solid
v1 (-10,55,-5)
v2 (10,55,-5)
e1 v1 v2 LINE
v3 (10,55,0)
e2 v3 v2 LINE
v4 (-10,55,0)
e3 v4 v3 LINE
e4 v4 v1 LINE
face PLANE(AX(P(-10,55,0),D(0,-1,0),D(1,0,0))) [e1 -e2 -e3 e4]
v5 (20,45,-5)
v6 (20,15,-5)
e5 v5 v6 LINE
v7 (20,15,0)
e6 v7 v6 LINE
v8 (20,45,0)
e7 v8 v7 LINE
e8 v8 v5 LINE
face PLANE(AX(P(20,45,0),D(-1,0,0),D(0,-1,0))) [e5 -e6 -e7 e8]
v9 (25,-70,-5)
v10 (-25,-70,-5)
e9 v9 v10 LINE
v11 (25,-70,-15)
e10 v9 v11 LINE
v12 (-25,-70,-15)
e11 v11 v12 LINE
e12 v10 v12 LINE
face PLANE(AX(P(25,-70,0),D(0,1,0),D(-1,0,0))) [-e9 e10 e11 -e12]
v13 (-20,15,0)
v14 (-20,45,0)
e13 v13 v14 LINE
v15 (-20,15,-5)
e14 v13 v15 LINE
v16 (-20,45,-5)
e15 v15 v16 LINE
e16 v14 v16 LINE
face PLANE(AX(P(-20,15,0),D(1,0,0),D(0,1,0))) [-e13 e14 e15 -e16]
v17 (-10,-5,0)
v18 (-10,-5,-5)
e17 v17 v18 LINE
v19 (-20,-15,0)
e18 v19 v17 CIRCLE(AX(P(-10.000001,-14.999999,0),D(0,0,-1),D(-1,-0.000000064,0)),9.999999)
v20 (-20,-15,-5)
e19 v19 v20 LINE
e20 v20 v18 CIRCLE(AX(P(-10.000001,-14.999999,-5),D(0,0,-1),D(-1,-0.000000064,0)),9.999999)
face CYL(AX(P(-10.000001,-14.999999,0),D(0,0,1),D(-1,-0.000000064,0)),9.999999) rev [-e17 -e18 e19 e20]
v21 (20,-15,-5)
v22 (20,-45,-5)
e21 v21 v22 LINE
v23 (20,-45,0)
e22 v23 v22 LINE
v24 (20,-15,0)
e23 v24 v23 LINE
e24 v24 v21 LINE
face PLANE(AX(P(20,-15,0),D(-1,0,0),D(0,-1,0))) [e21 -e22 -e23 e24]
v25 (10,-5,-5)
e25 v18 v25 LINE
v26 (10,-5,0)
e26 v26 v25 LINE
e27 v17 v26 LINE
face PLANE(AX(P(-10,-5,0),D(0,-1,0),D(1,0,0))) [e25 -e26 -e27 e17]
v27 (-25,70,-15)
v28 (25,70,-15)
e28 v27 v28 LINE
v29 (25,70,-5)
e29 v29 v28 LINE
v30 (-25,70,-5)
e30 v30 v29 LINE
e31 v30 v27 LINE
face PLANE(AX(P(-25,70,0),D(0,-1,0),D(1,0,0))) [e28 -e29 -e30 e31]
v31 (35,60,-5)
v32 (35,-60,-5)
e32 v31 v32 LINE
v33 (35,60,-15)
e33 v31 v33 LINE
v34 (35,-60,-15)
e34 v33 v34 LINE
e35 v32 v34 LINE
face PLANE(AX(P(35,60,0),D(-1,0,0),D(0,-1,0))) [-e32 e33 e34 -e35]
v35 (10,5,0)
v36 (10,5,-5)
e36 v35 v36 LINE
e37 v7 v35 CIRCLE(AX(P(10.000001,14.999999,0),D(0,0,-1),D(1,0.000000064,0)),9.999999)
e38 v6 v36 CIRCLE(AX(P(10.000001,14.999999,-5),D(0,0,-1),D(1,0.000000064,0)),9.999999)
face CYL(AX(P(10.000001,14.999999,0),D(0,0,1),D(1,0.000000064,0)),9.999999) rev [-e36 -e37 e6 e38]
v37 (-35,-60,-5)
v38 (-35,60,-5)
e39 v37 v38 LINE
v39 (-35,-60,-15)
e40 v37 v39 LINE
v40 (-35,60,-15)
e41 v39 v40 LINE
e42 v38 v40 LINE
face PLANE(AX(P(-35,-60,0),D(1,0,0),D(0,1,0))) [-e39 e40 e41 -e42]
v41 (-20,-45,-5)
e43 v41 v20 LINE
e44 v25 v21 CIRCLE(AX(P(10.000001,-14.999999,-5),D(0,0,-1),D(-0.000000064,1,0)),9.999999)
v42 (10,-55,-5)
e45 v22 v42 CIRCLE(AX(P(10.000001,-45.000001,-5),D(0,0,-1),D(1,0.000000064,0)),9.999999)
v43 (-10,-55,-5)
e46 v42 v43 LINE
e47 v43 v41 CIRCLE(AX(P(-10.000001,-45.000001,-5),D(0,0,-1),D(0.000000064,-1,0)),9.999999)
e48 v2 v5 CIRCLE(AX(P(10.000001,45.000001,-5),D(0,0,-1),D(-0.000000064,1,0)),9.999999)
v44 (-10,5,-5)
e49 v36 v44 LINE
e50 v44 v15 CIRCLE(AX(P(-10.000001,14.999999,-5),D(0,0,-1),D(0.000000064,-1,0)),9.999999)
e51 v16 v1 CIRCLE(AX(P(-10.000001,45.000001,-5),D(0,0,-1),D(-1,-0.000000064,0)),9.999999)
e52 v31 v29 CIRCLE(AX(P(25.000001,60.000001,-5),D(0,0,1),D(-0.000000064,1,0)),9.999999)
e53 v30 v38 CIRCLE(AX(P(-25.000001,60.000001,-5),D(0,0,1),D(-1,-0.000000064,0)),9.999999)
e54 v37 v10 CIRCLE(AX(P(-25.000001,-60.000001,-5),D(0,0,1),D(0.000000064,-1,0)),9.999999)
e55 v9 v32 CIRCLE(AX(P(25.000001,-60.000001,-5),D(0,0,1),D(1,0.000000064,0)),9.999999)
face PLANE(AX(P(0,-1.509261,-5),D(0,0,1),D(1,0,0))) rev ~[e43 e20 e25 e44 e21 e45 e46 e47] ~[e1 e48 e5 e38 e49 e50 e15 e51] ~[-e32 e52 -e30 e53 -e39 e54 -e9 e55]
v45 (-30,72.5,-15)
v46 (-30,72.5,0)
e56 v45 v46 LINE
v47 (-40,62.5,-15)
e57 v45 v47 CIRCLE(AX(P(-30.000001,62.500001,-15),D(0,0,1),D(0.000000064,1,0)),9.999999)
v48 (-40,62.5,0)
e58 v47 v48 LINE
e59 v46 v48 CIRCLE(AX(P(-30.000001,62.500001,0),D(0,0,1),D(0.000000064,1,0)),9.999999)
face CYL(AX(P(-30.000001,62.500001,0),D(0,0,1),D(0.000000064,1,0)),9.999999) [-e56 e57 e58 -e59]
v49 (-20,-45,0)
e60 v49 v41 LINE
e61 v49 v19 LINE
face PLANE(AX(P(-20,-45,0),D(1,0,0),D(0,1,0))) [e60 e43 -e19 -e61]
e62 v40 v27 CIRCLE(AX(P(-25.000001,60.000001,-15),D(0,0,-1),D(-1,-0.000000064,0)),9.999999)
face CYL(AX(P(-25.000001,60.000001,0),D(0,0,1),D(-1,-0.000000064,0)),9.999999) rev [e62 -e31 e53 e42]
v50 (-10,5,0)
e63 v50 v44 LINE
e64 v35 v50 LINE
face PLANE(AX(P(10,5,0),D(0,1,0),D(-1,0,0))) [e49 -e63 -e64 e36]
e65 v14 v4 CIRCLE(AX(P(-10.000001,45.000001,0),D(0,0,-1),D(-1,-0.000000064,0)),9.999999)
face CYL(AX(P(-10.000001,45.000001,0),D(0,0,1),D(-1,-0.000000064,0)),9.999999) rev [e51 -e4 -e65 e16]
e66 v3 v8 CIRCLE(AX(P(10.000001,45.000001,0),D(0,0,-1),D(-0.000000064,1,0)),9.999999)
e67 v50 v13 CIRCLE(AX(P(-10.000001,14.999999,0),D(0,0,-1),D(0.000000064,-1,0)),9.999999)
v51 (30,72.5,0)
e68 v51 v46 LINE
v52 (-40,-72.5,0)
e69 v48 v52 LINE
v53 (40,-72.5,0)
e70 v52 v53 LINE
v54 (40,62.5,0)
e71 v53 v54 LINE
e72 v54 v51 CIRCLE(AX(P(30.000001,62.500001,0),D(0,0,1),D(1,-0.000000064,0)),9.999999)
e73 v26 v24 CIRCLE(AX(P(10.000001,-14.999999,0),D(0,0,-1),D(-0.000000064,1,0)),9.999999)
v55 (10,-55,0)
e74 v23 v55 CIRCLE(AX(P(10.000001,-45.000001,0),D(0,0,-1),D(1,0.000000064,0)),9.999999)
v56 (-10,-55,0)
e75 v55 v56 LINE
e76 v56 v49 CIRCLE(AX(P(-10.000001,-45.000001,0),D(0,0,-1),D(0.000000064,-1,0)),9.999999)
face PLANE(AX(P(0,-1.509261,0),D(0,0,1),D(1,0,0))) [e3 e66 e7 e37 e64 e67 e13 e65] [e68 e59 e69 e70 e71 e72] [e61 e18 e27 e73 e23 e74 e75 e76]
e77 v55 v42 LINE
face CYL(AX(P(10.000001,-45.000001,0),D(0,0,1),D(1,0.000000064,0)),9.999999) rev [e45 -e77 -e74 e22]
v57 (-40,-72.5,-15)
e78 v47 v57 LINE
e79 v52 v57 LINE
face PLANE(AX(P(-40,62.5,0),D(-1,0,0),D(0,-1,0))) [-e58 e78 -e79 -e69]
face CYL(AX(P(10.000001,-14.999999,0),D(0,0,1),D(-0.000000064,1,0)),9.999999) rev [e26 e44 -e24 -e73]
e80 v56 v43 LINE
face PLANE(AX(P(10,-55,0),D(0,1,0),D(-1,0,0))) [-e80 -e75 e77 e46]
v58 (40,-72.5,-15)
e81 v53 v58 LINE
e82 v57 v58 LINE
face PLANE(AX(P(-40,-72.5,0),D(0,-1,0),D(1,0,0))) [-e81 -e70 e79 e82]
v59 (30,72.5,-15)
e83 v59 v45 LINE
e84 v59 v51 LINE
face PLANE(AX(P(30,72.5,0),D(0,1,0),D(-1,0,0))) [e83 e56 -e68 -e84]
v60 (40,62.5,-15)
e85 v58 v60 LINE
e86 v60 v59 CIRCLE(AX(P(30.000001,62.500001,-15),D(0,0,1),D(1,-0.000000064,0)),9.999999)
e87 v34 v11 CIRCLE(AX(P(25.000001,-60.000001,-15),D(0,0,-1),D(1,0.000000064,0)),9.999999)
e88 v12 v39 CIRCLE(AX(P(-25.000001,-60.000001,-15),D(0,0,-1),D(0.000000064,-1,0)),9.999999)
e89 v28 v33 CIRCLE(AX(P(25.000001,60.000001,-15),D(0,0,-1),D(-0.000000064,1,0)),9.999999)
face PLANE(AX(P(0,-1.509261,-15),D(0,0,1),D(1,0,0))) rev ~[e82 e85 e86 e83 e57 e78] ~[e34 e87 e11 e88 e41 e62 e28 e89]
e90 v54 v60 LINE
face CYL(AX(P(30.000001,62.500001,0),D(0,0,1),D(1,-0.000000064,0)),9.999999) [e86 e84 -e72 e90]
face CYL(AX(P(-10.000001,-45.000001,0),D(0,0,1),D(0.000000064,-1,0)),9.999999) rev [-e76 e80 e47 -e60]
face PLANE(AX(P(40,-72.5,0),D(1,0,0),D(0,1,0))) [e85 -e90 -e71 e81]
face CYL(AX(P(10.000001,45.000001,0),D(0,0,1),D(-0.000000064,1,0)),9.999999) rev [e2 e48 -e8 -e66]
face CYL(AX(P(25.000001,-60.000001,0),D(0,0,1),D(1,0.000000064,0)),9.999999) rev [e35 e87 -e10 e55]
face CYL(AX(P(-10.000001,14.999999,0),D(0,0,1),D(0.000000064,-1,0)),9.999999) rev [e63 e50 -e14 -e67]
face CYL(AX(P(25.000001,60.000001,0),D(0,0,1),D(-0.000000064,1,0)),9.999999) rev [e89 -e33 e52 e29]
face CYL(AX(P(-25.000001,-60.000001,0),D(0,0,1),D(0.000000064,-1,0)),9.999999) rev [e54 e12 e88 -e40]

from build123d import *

# Parameters (mm, degrees)
F1_DEPTH = 5
F2_DEPTH = 15


with BuildPart() as f1:
    # F0 (on Top) → F1 (new body)
    with BuildSketch(Plane.XY):
        with BuildLine():
            ThreePointArc((40, 62.5), (37.071068, 69.571068), (30, 72.5))
            Line((30, 72.5), (-30, 72.5))
            ThreePointArc((-30, 72.5), (-37.071068, 69.571068), (-40, 62.5))
            Line((-40, 62.5), (-40, -72.5))
            Line((-40, -72.5), (40, -72.5))
            Line((40, -72.5), (40, 62.5))
        make_face()
        with BuildLine():
            Line((-25, 70), (25, 70))
            ThreePointArc((25, 70), (32.071068, 67.071068), (35, 60))
            Line((35, 60), (35, -60))
            ThreePointArc((35, -60), (32.071068, -67.071068), (25, -70))
            Line((25, -70), (-25, -70))
            ThreePointArc((-25, -70), (-32.071068, -67.071068), (-35, -60))
            Line((-35, -60), (-35, 60))
            ThreePointArc((-35, 60), (-32.071068, 67.071068), (-25, 70))
        make_face(mode=Mode.SUBTRACT)
        with BuildLine():
            ThreePointArc((35, 60), (32.071068, 67.071068), (25, 70))
            Line((25, 70), (-25, 70))
            ThreePointArc((-25, 70), (-32.071068, 67.071068), (-35, 60))
            Line((-35, 60), (-35, -60))
            ThreePointArc((-35, -60), (-32.071068, -67.071068), (-25, -70))
            Line((-25, -70), (25, -70))
            ThreePointArc((25, -70), (32.071068, -67.071068), (35, -60))
            Line((35, -60), (35, 60))
        make_face()
        with BuildLine():
            ThreePointArc((20, -45), (17.071068, -52.071068), (10, -55))
            Line((10, -55), (-10, -55))
            ThreePointArc((-10, -55), (-17.071068, -52.071068), (-20, -45))
            Line((-20, -45), (-20, -15))
            ThreePointArc((-20, -15), (-17.071068, -7.928932), (-10, -5))
            Line((-10, -5), (10, -5))
            ThreePointArc((10, -5), (17.071068, -7.928932), (20, -15))
            Line((20, -15), (20, -45))
        make_face(mode=Mode.SUBTRACT)
        with BuildLine():
            Line((-10, 55), (10, 55))
            ThreePointArc((10, 55), (17.071068, 52.071068), (20, 45))
            Line((20, 45), (20, 15))
            ThreePointArc((20, 15), (17.071068, 7.928932), (10, 5))
            Line((10, 5), (-10, 5))
            ThreePointArc((-10, 5), (-17.071068, 7.928932), (-20, 15))
            Line((-20, 15), (-20, 45))
            ThreePointArc((-20, 45), (-17.071068, 52.071068), (-10, 55))
        make_face(mode=Mode.SUBTRACT)
    extrude(amount=-F1_DEPTH)

    # F0 (on Top) → F2 (join)
    with BuildSketch(Plane.XY):
        with BuildLine():
            ThreePointArc((40, 62.5), (37.071068, 69.571068), (30, 72.5))
            Line((30, 72.5), (-30, 72.5))
            ThreePointArc((-30, 72.5), (-37.071068, 69.571068), (-40, 62.5))
            Line((-40, 62.5), (-40, -72.5))
            Line((-40, -72.5), (40, -72.5))
            Line((40, -72.5), (40, 62.5))
        make_face()
        with BuildLine():
            Line((-25, 70), (25, 70))
            ThreePointArc((25, 70), (32.071068, 67.071068), (35, 60))
            Line((35, 60), (35, -60))
            ThreePointArc((35, -60), (32.071068, -67.071068), (25, -70))
            Line((25, -70), (-25, -70))
            ThreePointArc((-25, -70), (-32.071068, -67.071068), (-35, -60))
            Line((-35, -60), (-35, 60))
            ThreePointArc((-35, 60), (-32.071068, 67.071068), (-25, 70))
        make_face(mode=Mode.SUBTRACT)
    extrude(amount=-F2_DEPTH)


solid = f1.part
